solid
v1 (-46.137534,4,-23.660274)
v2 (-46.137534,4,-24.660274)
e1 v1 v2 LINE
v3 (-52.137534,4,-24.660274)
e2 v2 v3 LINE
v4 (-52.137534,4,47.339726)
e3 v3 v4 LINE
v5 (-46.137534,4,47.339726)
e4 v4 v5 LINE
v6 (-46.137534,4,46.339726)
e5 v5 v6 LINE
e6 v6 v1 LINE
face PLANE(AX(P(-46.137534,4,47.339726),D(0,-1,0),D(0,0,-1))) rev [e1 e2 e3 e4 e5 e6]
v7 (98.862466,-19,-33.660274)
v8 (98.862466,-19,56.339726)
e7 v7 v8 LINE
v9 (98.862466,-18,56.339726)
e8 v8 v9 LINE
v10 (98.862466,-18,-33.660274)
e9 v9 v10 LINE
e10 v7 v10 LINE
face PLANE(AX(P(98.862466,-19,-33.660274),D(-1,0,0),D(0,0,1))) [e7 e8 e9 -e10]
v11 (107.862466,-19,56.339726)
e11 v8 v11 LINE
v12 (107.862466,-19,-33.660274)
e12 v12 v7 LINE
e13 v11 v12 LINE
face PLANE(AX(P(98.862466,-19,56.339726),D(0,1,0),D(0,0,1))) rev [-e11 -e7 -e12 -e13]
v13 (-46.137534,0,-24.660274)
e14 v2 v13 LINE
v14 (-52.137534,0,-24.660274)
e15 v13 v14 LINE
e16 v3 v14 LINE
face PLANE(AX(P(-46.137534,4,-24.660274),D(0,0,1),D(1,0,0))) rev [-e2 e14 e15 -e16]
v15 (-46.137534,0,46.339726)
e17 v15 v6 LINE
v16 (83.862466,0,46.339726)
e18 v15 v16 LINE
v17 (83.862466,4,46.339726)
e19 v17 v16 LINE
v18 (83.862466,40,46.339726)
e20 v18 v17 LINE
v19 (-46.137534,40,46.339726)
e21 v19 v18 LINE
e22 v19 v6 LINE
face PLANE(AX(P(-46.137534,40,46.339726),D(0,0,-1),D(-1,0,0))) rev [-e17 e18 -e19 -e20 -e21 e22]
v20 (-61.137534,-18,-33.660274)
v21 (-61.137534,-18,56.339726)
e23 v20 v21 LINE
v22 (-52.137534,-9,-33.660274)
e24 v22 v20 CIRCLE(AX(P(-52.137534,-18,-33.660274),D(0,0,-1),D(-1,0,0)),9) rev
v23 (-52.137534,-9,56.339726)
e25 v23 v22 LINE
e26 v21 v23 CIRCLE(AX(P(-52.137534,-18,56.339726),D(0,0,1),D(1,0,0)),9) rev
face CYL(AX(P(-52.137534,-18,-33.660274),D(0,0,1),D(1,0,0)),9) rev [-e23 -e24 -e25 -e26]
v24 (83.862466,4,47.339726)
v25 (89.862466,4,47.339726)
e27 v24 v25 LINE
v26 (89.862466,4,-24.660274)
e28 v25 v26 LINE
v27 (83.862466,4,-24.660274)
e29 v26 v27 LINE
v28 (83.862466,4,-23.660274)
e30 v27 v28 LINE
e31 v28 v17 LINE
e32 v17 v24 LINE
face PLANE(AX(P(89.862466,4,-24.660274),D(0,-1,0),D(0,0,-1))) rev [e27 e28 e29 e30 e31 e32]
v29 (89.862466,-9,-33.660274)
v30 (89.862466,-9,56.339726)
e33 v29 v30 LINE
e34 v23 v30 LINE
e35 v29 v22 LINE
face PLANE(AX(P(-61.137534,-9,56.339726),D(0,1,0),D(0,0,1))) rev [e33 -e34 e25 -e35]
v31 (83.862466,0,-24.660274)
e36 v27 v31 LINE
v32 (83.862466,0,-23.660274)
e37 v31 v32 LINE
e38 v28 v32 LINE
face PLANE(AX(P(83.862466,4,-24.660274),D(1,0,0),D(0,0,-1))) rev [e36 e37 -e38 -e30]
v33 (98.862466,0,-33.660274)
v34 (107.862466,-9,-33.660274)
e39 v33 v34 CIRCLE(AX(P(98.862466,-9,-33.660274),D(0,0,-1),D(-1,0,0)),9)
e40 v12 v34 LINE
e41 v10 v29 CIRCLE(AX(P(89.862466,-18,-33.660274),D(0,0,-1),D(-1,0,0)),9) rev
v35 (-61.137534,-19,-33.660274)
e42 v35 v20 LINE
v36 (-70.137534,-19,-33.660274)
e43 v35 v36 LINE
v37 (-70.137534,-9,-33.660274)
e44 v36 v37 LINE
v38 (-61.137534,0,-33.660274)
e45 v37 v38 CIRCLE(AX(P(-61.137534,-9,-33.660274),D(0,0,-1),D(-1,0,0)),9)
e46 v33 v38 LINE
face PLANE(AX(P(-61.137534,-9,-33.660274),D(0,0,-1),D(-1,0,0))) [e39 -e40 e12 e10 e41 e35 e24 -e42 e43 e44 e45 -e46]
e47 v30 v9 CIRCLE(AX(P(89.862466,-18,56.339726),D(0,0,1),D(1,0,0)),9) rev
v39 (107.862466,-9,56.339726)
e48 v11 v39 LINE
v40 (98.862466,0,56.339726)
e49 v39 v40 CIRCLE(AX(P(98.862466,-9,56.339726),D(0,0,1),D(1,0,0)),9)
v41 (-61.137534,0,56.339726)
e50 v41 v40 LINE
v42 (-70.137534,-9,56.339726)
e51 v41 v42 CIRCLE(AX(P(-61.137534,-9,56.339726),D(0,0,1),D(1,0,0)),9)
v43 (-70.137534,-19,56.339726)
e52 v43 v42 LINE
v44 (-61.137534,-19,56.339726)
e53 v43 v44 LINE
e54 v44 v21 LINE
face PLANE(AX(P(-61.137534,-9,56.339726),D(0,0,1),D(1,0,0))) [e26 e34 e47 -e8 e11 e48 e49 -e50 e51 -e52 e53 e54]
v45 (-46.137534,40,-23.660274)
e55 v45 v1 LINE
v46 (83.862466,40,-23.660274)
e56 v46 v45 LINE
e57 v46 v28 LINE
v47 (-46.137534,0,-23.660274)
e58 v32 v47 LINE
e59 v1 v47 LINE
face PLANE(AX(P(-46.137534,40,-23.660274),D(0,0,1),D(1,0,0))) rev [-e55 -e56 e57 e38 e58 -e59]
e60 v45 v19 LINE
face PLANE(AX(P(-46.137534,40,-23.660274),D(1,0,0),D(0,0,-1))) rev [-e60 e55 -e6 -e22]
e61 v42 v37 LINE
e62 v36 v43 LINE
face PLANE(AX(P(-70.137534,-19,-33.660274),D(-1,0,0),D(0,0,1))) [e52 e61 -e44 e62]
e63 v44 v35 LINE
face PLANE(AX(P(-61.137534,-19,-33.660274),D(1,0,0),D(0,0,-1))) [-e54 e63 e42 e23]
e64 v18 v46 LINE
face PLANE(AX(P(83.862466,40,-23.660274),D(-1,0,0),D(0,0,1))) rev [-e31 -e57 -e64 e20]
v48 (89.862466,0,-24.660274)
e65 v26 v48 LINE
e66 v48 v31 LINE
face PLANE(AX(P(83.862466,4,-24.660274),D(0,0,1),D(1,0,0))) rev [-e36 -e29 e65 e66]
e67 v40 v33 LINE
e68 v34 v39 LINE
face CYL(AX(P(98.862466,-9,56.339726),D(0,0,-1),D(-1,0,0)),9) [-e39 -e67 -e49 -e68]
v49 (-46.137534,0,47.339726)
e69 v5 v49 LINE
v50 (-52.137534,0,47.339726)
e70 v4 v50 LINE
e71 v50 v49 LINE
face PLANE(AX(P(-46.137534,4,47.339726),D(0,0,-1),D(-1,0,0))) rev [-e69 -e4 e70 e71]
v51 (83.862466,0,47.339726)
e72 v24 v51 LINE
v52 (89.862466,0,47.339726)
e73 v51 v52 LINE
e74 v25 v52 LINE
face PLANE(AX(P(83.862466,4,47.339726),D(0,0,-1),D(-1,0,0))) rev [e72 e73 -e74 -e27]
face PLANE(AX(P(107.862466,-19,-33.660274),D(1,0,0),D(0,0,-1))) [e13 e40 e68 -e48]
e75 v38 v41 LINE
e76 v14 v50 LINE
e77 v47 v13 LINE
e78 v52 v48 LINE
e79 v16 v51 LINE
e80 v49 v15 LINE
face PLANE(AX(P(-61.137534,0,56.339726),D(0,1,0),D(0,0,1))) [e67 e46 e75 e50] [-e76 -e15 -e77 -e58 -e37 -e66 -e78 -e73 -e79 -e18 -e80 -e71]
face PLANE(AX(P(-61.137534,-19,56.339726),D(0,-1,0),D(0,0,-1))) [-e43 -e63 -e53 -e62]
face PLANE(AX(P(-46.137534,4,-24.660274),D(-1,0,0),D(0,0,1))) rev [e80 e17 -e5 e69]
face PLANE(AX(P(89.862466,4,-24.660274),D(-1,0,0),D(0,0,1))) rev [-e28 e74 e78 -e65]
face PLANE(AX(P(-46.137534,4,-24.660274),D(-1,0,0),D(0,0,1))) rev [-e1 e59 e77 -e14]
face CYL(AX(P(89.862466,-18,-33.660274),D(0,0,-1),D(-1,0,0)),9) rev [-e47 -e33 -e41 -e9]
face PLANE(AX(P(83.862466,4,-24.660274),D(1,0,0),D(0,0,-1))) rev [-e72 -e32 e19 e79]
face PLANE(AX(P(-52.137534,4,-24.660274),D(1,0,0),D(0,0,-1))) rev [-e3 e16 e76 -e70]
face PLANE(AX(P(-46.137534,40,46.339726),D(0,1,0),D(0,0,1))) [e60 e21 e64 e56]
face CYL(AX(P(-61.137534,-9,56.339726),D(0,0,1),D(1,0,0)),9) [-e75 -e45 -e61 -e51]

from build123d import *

# Parameters (mm, degrees)
ESQUISSE2_W              = 160
ESQUISSE2_H              = 90
EXTRUSION1_DEPTH         = 9
ESQUISSE1_W              = 130
ESQUISSE1_H              = 70
BEURRE_AVEC_MARGES_DEPTH = 40
ESQUISSE4_W              = 6
ESQUISSE4_H              = 72
EXTRUSION3_DEPTH         = 4
ESQUISSE6_W              = 9
ESQUISSE6_H              = 90
EXTRUSION4_DEPTH         = 19
CONG_1_R                 = 9


with BuildPart() as part:
    # Esquisse2 → Extrusion1 (new body)
    with BuildSketch(Plane(origin=(0, 0, 0), x_dir=(1, 0, 0), z_dir=(0, 1, 0))):
        with Locations((18.862465753, -11.339726027)):
            Rectangle(ESQUISSE2_W, ESQUISSE2_H)
    extrude(amount=-EXTRUSION1_DEPTH)

    # Esquisse1 → Beurre (avec marges) (add)
    with BuildSketch(Plane(origin=(0, 0, 0), x_dir=(1, 0, 0), z_dir=(0, 1, 0))):
        with Locations((18.862465753, -11.339726027)):
            Rectangle(ESQUISSE1_W, ESQUISSE1_H)
    extrude(amount=BEURRE_AVEC_MARGES_DEPTH)

    # Esquisse4 → Extrusion3 (add)
    with BuildSketch(Plane(origin=(0, 0, 0), x_dir=(1, 0, 0), z_dir=(0, 1, 0))):
        with Locations((-49.137534247, -11.339726027)):
            Rectangle(ESQUISSE4_W, ESQUISSE4_H)
        with Locations((86.862465753, -11.339726027)):
            Rectangle(ESQUISSE4_W, ESQUISSE4_H)
    extrude(amount=EXTRUSION3_DEPTH)

    # Esquisse6 → Extrusion4 (add)
    with BuildSketch(Plane(origin=(0, 0, 0), x_dir=(1, 0, 0), z_dir=(0, 1, 0))):
        with Locations((-65.637534247, -11.339726027)):
            Rectangle(ESQUISSE6_W, ESQUISSE6_H)
        with Locations((103.362465753, -11.339726027)):
            Rectangle(ESQUISSE6_W, ESQUISSE6_H)
    extrude(amount=-EXTRUSION4_DEPTH)

    # Congé1
    cong_1_edges = [part.edges().sort_by_distance(p)[0] for p in [
        (98.862465753, -9, 11.339726027),
        (-61.137534247, -9, 11.339726027),
        (107.862465753, 0, 11.339726027),
        (-70.137534247, 0, 11.339726027),
    ]]
    fillet(cong_1_edges, radius=CONG_1_R)


solid = part.part
